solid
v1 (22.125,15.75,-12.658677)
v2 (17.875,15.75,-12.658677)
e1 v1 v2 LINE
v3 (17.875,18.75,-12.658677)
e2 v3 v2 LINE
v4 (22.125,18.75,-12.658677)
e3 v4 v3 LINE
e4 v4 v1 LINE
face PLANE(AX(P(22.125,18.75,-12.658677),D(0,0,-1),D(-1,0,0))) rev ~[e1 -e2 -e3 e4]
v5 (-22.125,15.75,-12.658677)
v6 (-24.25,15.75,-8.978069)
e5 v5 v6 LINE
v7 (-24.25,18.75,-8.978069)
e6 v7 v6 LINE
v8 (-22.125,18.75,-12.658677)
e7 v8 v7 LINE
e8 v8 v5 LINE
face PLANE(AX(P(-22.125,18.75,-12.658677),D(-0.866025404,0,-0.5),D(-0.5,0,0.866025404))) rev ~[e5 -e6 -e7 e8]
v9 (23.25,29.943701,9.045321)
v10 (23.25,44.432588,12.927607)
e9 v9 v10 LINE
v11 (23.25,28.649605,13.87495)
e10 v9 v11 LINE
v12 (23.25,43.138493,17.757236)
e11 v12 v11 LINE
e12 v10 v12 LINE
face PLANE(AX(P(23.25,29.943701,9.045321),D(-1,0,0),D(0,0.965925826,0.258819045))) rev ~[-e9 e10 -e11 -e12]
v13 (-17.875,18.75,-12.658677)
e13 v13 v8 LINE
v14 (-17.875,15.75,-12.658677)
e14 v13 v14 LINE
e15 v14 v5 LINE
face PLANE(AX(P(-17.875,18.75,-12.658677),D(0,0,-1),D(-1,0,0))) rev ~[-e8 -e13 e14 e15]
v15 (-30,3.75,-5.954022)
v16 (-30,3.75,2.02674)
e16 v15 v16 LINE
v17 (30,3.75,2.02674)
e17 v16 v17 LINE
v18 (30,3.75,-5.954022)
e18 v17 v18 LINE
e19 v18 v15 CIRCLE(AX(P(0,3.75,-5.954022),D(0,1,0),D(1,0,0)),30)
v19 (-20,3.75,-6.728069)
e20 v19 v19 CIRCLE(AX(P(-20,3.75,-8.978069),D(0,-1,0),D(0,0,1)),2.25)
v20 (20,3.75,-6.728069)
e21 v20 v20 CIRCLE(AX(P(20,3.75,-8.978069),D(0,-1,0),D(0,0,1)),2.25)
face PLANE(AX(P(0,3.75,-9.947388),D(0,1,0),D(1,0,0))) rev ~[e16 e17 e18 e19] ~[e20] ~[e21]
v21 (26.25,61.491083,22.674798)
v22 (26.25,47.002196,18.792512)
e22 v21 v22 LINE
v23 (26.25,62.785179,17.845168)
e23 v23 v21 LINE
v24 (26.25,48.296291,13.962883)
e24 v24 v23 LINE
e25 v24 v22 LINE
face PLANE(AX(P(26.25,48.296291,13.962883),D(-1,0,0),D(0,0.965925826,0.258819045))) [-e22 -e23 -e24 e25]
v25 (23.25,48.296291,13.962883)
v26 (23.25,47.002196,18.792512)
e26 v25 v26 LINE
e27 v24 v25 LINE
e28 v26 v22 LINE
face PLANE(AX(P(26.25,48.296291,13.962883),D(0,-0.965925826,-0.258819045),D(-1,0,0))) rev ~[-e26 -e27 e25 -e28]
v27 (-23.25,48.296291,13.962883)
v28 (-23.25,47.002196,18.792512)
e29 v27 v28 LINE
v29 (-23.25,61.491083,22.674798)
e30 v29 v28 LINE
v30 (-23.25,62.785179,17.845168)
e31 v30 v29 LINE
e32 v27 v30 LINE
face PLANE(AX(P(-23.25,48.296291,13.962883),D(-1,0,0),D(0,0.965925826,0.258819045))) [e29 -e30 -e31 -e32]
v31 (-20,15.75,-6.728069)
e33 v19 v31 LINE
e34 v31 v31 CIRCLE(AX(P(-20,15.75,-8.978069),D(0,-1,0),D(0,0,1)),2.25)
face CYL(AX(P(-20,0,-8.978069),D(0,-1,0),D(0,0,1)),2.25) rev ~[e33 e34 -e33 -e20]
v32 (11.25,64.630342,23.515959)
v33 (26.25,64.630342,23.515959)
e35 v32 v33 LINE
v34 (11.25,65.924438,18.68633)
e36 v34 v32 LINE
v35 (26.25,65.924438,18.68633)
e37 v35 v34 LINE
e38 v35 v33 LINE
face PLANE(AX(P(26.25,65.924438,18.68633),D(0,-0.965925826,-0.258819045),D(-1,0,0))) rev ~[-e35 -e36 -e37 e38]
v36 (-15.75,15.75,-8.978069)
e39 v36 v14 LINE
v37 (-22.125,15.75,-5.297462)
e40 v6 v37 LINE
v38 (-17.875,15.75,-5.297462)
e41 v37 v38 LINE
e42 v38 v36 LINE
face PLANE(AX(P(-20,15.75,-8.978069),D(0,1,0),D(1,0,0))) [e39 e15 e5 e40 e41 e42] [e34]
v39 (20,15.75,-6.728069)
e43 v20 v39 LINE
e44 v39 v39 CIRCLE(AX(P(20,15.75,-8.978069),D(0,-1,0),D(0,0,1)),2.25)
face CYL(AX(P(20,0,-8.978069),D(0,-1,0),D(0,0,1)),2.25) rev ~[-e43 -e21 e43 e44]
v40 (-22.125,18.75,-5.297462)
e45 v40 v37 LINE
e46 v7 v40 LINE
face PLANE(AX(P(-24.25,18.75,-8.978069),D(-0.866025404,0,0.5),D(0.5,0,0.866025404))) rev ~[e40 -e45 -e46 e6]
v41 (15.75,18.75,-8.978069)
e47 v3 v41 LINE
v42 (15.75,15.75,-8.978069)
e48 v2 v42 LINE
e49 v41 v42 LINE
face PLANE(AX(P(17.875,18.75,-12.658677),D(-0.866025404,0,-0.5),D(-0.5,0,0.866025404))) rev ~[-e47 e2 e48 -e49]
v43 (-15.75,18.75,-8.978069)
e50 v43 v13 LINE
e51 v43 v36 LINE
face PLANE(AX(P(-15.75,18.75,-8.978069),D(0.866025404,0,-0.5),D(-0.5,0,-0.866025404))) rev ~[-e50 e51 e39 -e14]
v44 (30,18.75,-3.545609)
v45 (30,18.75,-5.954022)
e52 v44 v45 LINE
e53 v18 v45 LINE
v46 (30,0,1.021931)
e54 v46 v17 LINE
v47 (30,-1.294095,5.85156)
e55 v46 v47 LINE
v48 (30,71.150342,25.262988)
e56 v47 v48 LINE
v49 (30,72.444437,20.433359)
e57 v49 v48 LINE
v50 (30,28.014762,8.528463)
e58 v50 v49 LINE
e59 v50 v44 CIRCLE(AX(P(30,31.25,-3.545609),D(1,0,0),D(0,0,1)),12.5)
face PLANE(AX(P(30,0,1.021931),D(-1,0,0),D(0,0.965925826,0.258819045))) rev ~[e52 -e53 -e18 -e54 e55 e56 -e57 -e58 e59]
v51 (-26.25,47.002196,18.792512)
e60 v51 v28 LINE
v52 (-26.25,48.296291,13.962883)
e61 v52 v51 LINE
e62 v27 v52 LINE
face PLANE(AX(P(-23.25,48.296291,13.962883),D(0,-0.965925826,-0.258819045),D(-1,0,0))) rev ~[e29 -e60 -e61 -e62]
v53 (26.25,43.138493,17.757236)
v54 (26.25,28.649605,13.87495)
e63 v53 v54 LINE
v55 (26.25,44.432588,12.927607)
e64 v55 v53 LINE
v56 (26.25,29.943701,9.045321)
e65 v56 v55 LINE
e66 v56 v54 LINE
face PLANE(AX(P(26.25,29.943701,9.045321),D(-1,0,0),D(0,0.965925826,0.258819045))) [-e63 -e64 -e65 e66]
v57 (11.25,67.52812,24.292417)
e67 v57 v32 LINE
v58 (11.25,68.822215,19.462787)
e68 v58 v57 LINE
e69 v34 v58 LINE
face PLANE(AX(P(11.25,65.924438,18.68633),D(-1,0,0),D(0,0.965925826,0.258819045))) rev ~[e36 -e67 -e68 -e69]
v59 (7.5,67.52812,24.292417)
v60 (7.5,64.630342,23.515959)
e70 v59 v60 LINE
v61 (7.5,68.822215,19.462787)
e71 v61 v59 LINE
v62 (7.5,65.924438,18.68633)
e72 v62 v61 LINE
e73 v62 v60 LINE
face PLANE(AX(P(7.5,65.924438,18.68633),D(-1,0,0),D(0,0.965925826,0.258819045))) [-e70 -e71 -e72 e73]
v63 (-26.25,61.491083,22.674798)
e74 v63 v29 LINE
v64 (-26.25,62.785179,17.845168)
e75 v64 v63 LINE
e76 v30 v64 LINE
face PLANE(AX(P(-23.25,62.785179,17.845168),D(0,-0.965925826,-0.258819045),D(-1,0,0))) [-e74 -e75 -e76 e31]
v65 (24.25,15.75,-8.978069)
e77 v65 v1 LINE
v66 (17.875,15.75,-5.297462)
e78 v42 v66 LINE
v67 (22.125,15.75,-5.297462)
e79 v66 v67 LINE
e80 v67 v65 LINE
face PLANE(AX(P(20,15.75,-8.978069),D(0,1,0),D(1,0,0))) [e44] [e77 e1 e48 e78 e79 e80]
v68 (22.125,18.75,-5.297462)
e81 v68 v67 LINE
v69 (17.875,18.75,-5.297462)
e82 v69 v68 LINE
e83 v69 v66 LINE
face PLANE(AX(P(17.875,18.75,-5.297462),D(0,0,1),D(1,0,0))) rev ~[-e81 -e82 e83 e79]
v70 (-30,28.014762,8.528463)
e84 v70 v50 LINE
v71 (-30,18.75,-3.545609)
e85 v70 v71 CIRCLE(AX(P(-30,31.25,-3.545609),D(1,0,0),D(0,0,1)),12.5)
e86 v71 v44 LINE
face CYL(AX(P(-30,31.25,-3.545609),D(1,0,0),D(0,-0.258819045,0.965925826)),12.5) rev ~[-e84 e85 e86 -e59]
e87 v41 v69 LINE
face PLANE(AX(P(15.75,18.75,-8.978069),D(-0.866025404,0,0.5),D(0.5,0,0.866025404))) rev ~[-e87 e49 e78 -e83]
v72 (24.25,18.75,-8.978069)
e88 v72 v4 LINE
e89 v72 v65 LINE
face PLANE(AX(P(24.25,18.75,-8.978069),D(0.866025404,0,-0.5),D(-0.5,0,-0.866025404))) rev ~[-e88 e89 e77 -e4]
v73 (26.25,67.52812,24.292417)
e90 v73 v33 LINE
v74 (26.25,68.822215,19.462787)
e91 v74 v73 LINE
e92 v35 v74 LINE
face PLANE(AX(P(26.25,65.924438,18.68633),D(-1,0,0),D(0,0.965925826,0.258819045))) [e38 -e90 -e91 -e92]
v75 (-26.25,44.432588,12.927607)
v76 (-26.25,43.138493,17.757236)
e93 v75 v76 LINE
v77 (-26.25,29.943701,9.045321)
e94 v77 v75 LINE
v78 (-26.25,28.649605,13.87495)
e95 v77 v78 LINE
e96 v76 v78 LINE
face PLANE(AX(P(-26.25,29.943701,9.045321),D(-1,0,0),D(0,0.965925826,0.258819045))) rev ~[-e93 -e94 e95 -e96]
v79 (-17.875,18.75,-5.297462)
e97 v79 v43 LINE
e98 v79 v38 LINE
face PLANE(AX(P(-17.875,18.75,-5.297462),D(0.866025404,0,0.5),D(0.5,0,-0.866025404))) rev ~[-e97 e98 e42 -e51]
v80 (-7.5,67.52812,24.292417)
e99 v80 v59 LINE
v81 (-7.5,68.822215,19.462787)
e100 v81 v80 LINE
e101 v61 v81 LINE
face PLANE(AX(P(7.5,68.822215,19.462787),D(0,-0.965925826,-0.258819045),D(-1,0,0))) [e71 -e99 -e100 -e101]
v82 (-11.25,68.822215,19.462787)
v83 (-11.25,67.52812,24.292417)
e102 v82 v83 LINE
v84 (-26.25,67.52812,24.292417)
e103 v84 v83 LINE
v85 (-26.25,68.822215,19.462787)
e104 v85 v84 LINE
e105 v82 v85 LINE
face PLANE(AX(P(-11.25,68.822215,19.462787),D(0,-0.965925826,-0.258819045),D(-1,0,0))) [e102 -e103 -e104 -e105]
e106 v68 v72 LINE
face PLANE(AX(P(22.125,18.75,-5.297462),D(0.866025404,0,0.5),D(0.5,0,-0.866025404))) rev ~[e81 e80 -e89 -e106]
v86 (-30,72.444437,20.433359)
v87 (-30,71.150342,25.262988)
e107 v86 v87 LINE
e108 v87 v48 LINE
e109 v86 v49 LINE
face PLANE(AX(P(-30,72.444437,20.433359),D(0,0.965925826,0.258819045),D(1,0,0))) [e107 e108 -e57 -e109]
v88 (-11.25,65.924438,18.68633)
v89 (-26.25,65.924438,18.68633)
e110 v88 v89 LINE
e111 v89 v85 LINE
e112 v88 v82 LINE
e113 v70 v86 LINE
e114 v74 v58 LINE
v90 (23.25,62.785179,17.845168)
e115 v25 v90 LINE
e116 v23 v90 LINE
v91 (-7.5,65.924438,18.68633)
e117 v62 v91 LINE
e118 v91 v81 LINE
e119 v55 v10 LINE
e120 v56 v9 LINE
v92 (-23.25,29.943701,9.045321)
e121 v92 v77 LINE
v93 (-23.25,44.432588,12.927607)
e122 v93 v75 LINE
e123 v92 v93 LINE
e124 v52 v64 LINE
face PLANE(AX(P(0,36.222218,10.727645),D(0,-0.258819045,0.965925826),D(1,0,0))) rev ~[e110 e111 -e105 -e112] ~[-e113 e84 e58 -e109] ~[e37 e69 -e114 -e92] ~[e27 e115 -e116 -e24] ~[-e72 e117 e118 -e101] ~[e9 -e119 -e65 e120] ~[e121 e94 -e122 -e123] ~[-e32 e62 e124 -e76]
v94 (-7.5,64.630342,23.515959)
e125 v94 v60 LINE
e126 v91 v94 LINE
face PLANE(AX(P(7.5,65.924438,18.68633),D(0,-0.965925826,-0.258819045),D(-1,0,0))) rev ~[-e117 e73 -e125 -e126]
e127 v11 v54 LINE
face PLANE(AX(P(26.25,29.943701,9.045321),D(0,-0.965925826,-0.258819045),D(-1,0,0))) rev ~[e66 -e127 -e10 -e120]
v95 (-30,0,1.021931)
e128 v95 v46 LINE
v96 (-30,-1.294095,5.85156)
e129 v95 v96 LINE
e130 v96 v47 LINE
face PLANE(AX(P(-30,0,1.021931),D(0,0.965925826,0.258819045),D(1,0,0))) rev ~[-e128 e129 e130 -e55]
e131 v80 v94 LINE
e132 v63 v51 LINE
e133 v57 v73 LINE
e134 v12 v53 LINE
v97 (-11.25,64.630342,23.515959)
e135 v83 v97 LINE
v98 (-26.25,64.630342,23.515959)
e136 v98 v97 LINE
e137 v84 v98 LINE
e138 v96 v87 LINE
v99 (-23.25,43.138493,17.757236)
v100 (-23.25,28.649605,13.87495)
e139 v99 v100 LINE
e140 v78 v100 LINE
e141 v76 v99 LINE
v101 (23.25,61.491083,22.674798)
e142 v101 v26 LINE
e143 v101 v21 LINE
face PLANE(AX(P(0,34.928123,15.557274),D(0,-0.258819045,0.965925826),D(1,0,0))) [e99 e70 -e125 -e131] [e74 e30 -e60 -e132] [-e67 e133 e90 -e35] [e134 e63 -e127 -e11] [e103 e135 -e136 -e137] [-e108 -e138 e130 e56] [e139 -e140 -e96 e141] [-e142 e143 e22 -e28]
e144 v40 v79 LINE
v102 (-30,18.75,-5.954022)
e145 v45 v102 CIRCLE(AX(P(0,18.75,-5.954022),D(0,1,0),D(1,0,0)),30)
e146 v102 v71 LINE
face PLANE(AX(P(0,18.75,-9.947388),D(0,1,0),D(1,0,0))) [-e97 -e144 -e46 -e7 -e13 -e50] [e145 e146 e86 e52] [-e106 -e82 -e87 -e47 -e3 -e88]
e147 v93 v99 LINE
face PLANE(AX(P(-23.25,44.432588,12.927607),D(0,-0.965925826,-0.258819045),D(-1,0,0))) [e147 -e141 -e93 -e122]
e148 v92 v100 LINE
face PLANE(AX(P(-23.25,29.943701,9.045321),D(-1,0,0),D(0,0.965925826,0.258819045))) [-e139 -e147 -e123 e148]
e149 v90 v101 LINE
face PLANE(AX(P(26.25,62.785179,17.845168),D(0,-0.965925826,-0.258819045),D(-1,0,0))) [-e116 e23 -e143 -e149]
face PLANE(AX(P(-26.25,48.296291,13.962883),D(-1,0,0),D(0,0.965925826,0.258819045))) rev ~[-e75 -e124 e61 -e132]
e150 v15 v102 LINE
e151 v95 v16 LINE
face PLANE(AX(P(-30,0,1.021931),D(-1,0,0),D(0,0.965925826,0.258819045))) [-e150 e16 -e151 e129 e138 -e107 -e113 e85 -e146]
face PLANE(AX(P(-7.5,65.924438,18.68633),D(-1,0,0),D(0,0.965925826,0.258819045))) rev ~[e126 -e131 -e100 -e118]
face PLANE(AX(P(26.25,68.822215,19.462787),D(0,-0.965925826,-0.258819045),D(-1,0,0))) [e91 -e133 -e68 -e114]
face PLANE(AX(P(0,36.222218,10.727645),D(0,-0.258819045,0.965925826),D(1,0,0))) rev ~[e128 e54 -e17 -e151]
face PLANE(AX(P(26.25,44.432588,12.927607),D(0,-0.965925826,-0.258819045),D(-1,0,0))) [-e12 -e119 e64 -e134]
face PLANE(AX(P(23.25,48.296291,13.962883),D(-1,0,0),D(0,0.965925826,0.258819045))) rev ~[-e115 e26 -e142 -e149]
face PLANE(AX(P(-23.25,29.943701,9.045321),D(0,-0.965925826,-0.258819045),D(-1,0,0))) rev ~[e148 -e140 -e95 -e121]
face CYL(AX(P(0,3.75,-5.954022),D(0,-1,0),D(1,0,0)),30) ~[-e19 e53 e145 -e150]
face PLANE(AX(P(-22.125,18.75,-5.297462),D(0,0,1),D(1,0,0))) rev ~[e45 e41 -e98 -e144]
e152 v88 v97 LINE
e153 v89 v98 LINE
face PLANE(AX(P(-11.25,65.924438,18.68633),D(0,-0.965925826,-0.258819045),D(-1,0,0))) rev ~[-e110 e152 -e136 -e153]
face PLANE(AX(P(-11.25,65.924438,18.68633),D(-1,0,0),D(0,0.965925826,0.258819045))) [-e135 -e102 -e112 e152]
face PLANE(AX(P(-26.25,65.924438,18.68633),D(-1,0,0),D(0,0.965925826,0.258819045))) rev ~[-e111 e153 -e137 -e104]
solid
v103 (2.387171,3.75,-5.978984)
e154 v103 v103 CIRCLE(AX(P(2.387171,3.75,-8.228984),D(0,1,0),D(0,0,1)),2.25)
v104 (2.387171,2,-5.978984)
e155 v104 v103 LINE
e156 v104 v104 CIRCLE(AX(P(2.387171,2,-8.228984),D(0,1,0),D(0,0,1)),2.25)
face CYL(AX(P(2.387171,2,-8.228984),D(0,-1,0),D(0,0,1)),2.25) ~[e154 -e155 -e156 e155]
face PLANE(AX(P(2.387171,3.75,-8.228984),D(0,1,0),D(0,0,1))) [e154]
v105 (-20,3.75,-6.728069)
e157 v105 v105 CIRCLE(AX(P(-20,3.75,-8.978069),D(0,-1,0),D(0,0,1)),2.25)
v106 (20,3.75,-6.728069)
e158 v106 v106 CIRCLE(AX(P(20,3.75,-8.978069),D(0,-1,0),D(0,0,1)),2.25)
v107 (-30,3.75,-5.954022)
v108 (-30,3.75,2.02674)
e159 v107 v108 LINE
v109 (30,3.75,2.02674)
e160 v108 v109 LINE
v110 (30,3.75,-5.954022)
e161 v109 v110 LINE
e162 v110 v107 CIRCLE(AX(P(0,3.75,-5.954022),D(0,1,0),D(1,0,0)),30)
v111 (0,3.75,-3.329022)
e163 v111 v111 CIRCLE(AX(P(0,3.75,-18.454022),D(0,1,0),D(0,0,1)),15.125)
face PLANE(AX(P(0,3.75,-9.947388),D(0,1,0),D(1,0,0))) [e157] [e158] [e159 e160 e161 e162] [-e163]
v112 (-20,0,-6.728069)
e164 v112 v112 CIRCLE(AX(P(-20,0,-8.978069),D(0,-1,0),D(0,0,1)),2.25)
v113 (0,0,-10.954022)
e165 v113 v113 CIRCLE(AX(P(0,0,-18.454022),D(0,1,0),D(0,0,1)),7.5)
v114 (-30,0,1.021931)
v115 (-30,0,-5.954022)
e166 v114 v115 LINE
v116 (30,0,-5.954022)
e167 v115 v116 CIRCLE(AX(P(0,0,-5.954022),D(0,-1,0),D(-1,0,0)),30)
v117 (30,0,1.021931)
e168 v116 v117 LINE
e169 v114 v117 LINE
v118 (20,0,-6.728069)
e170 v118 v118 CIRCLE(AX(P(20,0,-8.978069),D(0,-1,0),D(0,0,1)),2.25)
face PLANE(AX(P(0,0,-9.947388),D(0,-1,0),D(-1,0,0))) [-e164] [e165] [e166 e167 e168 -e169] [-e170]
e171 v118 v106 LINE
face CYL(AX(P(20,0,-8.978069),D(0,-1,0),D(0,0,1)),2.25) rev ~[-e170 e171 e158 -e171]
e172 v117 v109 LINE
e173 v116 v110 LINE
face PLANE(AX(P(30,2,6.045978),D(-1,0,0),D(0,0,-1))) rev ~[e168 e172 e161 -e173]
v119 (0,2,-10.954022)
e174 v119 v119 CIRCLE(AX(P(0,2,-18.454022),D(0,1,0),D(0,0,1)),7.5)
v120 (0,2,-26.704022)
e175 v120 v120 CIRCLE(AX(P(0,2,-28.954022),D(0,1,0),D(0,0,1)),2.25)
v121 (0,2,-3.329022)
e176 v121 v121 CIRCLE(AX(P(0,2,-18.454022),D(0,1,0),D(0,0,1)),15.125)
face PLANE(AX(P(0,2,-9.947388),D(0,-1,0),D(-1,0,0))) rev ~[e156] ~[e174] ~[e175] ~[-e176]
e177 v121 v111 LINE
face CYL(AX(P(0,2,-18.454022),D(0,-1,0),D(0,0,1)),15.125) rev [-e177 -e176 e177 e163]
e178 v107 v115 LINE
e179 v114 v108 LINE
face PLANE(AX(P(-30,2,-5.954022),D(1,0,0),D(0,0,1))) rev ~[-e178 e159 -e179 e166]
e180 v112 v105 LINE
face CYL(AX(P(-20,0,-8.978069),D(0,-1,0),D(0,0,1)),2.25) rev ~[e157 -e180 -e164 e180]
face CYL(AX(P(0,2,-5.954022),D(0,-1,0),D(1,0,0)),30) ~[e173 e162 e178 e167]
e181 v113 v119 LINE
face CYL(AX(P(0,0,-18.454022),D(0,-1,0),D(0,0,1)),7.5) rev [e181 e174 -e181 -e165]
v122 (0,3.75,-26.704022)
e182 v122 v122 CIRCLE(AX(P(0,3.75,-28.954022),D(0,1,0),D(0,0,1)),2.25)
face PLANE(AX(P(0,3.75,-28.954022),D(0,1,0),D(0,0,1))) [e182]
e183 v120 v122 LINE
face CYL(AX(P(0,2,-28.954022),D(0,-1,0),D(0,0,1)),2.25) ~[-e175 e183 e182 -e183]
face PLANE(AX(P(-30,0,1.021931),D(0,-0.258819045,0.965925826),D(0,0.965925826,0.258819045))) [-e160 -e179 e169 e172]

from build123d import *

# Parameters (mm, degrees)
SKETCH1_R           = 7.5
BOSS_EXTRUDE1_DEPTH = 2
SKETCH2_R           = 15.125
SKETCH2_R_2         = 2.25
BOSS_EXTRUDE2_DEPTH = 1.75
BOSS_EXTRUDE3_DEPTH = 15
CUT_EXTRUDE2_DEPTH  = 60
SKETCH8_W           = 60
SKETCH8_H           = 75
BOSS_EXTRUDE4_DEPTH = 5
SKETCH9_R           = 2.25
CUT_EXTRUDE4_DEPTH  = 20
SKETCH10_W          = 15
SKETCH10_H          = 3
SKETCH10_W_2        = 3
SKETCH10_H_2        = 15
CUT_EXTRUDE5_DEPTH  = 25
CUT_EXTRUDE6_DEPTH  = 3
FILLET1_R           = 12.5


with BuildPart() as part:
    # Sketch1 → Boss-Extrude1 (new body)
    with BuildSketch(Plane(origin=(0, 0, 0), x_dir=(1, 0, 0), z_dir=(0, 1, 0))):
        with BuildLine():
            Line((30, -6.04597789), (-30, -6.04597789))
            Line((-30, -6.04597789), (-30, 5.95402211))
            ThreePointArc((-30, 5.95402211), (0, 35.95402211), (30, 5.95402211))
            Line((30, 5.95402211), (30, -6.04597789))
        make_face()
        with Locations(Location((0, 18.45402211, 0), (0, 0, 270))):
            Circle(SKETCH1_R, mode=Mode.SUBTRACT)
    extrude(amount=BOSS_EXTRUDE1_DEPTH)

    # Sketch2 → Boss-Extrude2 (add)
    # profile 1 of 3: a face of its own
    with BuildSketch(Plane(origin=(0, 2, 0), x_dir=(1, 0, 0), z_dir=(0, 1, 0))):
        with BuildLine():
            Line((-30, -6.04597789), (30, -6.04597789))
            Line((30, -6.04597789), (30, 5.95402211))
            ThreePointArc((30, 5.95402211), (0, 35.95402211), (-30, 5.95402211))
            Line((-30, 5.95402211), (-30, -6.04597789))
        make_face()
        with Locations(Location((0, 18.45402211, 0), (0, 0, 270))):
            Circle(SKETCH2_R, mode=Mode.SUBTRACT)
    # profile 2 of 3: a face of its own
    with BuildSketch(Plane(origin=(0, 2, 0), x_dir=(1, 0, 0), z_dir=(0, 1, 0))):
        with Locations(Location((0, 28.95402211, 0), (0, 0, 270))):
            Circle(SKETCH2_R_2)
    # profile 3 of 3: a face of its own
    with BuildSketch(Plane(origin=(0, 2, 0), x_dir=(1, 0, 0), z_dir=(0, 1, 0))):
        with Locations(Location((2.387171141, 8.228983531, 0), (0, 0, 270))):
            Circle(SKETCH2_R_2)
    extrude(amount=BOSS_EXTRUDE2_DEPTH)


with BuildPart() as body_2:
    # Sketch5 → Boss-Extrude3 (new body)
    with BuildSketch(Plane(origin=(0, 3.75, 0), x_dir=(1, 0, 0), z_dir=(0, 1, 0))):
        with BuildLine():
            Line((-30, -6.04597789), (30, -6.04597789))
            Line((30, -6.04597789), (30, 5.95402211))
            ThreePointArc((30, 5.95402211), (0, 35.95402211), (-30, 5.95402211))
            Line((-30, 5.95402211), (-30, -6.04597789))
        make_face()
    extrude(amount=BOSS_EXTRUDE3_DEPTH)


with BuildPart() as cut_extrude2_tool:
    # Sketch6 → Cut-Extrude2 (new body)
    with BuildSketch(Plane.ZY.offset(30)):
        Polygon((6.04597789, 18.75), (6.04597789, 0), (1.021930531, 0), align=None)
    extrude(amount=-CUT_EXTRUDE2_DEPTH)


with BuildPart() as part_1:
    add(part.part)

    # Cut-Extrude2: cut by cut_extrude2_tool
    add(cut_extrude2_tool.part, mode=Mode.SUBTRACT)


with BuildPart() as body_2_1:
    add(body_2.part)

    # Cut-Extrude2: cut by cut_extrude2_tool
    add(cut_extrude2_tool.part, mode=Mode.SUBTRACT)

    # Sketch8 → Boss-Extrude4 (add)
    with BuildSketch(Plane(origin=(0, -0.255482633, 0.953474166), x_dir=(1, 0, 0), z_dir=(0, -0.25881904510252135, 0.9659258262890681))):
        with Locations((0, 37.764495084)):
            Rectangle(SKETCH8_W, SKETCH8_H)
    extrude(amount=BOSS_EXTRUDE4_DEPTH)


with BuildPart() as cut_extrude4_tool:
    # Sketch9 → Cut-Extrude4 (new body)
    with BuildSketch(Plane.XZ):
        with Locations(Location((-20, -8.978069469, 0), (0, 0, 90))):
            Circle(SKETCH9_R)
        with Locations(Location((20, -8.978069469, 0), (0, 0, 90))):
            Circle(SKETCH9_R)
    extrude(amount=-CUT_EXTRUDE4_DEPTH)


with BuildPart() as part_2:
    add(part_1.part)

    # Cut-Extrude4: cut by cut_extrude4_tool
    add(cut_extrude4_tool.part, mode=Mode.SUBTRACT)


with BuildPart() as body_2_2:
    add(body_2_1.part)

    # Cut-Extrude4: cut by cut_extrude4_tool
    add(cut_extrude4_tool.part, mode=Mode.SUBTRACT)

    # Sketch10 → Cut-Extrude5 (cut)
    with BuildSketch(Plane(origin=(0, -0.255482633, 0.953474166), x_dir=(-1, 0, 0), z_dir=(0, 0.25881904510252135, -0.9659258262890681))):
        with Locations((-18.75, 70.014495084)):
            Rectangle(SKETCH10_W, SKETCH10_H)
        with Locations((0, 70.014495084)):
            Rectangle(SKETCH10_W, SKETCH10_H)
        with Locations((18.75, 70.014495084)):
            Rectangle(SKETCH10_W, SKETCH10_H)
        with Locations((-24.75, 38.764495084)):
            Rectangle(SKETCH10_W_2, SKETCH10_H_2)
        with Locations((-24.75, 57.764495084)):
            Rectangle(SKETCH10_W_2, SKETCH10_H_2)
        with Locations((24.75, 38.764495084)):
            Rectangle(SKETCH10_W_2, SKETCH10_H_2)
        with Locations((24.75, 57.764495084)):
            Rectangle(SKETCH10_W_2, SKETCH10_H_2)
    extrude(amount=-CUT_EXTRUDE5_DEPTH, mode=Mode.SUBTRACT)

    # Sketch11 → Cut-Extrude6 (cut)
    with BuildSketch(Plane(origin=(0, 18.75, 0), x_dir=(1, 0, 0), z_dir=(0, 1, 0))):
        Polygon((-17.875, 12.658677435), (-22.125, 12.658677435), (-24.25, 8.978069469), (-22.125, 5.297461502), (-17.875, 5.297461502), (-15.75, 8.978069469), align=None)
        Polygon((22.125, 12.658677435), (17.875, 12.658677435), (15.75, 8.978069469), (17.875, 5.297461502), (22.125, 5.297461502), (24.25, 8.978069469), align=None)
    extrude(amount=-CUT_EXTRUDE6_DEPTH, mode=Mode.SUBTRACT)

    # Fillet1
    fillet1_edges = [body_2_2.edges().sort_by_distance(p)[0] for p in [
        (0, 18.75, 6.04597789),
    ]]
    fillet(fillet1_edges, radius=FILLET1_R)


solid = Compound([part_2.part, body_2_2.part])
